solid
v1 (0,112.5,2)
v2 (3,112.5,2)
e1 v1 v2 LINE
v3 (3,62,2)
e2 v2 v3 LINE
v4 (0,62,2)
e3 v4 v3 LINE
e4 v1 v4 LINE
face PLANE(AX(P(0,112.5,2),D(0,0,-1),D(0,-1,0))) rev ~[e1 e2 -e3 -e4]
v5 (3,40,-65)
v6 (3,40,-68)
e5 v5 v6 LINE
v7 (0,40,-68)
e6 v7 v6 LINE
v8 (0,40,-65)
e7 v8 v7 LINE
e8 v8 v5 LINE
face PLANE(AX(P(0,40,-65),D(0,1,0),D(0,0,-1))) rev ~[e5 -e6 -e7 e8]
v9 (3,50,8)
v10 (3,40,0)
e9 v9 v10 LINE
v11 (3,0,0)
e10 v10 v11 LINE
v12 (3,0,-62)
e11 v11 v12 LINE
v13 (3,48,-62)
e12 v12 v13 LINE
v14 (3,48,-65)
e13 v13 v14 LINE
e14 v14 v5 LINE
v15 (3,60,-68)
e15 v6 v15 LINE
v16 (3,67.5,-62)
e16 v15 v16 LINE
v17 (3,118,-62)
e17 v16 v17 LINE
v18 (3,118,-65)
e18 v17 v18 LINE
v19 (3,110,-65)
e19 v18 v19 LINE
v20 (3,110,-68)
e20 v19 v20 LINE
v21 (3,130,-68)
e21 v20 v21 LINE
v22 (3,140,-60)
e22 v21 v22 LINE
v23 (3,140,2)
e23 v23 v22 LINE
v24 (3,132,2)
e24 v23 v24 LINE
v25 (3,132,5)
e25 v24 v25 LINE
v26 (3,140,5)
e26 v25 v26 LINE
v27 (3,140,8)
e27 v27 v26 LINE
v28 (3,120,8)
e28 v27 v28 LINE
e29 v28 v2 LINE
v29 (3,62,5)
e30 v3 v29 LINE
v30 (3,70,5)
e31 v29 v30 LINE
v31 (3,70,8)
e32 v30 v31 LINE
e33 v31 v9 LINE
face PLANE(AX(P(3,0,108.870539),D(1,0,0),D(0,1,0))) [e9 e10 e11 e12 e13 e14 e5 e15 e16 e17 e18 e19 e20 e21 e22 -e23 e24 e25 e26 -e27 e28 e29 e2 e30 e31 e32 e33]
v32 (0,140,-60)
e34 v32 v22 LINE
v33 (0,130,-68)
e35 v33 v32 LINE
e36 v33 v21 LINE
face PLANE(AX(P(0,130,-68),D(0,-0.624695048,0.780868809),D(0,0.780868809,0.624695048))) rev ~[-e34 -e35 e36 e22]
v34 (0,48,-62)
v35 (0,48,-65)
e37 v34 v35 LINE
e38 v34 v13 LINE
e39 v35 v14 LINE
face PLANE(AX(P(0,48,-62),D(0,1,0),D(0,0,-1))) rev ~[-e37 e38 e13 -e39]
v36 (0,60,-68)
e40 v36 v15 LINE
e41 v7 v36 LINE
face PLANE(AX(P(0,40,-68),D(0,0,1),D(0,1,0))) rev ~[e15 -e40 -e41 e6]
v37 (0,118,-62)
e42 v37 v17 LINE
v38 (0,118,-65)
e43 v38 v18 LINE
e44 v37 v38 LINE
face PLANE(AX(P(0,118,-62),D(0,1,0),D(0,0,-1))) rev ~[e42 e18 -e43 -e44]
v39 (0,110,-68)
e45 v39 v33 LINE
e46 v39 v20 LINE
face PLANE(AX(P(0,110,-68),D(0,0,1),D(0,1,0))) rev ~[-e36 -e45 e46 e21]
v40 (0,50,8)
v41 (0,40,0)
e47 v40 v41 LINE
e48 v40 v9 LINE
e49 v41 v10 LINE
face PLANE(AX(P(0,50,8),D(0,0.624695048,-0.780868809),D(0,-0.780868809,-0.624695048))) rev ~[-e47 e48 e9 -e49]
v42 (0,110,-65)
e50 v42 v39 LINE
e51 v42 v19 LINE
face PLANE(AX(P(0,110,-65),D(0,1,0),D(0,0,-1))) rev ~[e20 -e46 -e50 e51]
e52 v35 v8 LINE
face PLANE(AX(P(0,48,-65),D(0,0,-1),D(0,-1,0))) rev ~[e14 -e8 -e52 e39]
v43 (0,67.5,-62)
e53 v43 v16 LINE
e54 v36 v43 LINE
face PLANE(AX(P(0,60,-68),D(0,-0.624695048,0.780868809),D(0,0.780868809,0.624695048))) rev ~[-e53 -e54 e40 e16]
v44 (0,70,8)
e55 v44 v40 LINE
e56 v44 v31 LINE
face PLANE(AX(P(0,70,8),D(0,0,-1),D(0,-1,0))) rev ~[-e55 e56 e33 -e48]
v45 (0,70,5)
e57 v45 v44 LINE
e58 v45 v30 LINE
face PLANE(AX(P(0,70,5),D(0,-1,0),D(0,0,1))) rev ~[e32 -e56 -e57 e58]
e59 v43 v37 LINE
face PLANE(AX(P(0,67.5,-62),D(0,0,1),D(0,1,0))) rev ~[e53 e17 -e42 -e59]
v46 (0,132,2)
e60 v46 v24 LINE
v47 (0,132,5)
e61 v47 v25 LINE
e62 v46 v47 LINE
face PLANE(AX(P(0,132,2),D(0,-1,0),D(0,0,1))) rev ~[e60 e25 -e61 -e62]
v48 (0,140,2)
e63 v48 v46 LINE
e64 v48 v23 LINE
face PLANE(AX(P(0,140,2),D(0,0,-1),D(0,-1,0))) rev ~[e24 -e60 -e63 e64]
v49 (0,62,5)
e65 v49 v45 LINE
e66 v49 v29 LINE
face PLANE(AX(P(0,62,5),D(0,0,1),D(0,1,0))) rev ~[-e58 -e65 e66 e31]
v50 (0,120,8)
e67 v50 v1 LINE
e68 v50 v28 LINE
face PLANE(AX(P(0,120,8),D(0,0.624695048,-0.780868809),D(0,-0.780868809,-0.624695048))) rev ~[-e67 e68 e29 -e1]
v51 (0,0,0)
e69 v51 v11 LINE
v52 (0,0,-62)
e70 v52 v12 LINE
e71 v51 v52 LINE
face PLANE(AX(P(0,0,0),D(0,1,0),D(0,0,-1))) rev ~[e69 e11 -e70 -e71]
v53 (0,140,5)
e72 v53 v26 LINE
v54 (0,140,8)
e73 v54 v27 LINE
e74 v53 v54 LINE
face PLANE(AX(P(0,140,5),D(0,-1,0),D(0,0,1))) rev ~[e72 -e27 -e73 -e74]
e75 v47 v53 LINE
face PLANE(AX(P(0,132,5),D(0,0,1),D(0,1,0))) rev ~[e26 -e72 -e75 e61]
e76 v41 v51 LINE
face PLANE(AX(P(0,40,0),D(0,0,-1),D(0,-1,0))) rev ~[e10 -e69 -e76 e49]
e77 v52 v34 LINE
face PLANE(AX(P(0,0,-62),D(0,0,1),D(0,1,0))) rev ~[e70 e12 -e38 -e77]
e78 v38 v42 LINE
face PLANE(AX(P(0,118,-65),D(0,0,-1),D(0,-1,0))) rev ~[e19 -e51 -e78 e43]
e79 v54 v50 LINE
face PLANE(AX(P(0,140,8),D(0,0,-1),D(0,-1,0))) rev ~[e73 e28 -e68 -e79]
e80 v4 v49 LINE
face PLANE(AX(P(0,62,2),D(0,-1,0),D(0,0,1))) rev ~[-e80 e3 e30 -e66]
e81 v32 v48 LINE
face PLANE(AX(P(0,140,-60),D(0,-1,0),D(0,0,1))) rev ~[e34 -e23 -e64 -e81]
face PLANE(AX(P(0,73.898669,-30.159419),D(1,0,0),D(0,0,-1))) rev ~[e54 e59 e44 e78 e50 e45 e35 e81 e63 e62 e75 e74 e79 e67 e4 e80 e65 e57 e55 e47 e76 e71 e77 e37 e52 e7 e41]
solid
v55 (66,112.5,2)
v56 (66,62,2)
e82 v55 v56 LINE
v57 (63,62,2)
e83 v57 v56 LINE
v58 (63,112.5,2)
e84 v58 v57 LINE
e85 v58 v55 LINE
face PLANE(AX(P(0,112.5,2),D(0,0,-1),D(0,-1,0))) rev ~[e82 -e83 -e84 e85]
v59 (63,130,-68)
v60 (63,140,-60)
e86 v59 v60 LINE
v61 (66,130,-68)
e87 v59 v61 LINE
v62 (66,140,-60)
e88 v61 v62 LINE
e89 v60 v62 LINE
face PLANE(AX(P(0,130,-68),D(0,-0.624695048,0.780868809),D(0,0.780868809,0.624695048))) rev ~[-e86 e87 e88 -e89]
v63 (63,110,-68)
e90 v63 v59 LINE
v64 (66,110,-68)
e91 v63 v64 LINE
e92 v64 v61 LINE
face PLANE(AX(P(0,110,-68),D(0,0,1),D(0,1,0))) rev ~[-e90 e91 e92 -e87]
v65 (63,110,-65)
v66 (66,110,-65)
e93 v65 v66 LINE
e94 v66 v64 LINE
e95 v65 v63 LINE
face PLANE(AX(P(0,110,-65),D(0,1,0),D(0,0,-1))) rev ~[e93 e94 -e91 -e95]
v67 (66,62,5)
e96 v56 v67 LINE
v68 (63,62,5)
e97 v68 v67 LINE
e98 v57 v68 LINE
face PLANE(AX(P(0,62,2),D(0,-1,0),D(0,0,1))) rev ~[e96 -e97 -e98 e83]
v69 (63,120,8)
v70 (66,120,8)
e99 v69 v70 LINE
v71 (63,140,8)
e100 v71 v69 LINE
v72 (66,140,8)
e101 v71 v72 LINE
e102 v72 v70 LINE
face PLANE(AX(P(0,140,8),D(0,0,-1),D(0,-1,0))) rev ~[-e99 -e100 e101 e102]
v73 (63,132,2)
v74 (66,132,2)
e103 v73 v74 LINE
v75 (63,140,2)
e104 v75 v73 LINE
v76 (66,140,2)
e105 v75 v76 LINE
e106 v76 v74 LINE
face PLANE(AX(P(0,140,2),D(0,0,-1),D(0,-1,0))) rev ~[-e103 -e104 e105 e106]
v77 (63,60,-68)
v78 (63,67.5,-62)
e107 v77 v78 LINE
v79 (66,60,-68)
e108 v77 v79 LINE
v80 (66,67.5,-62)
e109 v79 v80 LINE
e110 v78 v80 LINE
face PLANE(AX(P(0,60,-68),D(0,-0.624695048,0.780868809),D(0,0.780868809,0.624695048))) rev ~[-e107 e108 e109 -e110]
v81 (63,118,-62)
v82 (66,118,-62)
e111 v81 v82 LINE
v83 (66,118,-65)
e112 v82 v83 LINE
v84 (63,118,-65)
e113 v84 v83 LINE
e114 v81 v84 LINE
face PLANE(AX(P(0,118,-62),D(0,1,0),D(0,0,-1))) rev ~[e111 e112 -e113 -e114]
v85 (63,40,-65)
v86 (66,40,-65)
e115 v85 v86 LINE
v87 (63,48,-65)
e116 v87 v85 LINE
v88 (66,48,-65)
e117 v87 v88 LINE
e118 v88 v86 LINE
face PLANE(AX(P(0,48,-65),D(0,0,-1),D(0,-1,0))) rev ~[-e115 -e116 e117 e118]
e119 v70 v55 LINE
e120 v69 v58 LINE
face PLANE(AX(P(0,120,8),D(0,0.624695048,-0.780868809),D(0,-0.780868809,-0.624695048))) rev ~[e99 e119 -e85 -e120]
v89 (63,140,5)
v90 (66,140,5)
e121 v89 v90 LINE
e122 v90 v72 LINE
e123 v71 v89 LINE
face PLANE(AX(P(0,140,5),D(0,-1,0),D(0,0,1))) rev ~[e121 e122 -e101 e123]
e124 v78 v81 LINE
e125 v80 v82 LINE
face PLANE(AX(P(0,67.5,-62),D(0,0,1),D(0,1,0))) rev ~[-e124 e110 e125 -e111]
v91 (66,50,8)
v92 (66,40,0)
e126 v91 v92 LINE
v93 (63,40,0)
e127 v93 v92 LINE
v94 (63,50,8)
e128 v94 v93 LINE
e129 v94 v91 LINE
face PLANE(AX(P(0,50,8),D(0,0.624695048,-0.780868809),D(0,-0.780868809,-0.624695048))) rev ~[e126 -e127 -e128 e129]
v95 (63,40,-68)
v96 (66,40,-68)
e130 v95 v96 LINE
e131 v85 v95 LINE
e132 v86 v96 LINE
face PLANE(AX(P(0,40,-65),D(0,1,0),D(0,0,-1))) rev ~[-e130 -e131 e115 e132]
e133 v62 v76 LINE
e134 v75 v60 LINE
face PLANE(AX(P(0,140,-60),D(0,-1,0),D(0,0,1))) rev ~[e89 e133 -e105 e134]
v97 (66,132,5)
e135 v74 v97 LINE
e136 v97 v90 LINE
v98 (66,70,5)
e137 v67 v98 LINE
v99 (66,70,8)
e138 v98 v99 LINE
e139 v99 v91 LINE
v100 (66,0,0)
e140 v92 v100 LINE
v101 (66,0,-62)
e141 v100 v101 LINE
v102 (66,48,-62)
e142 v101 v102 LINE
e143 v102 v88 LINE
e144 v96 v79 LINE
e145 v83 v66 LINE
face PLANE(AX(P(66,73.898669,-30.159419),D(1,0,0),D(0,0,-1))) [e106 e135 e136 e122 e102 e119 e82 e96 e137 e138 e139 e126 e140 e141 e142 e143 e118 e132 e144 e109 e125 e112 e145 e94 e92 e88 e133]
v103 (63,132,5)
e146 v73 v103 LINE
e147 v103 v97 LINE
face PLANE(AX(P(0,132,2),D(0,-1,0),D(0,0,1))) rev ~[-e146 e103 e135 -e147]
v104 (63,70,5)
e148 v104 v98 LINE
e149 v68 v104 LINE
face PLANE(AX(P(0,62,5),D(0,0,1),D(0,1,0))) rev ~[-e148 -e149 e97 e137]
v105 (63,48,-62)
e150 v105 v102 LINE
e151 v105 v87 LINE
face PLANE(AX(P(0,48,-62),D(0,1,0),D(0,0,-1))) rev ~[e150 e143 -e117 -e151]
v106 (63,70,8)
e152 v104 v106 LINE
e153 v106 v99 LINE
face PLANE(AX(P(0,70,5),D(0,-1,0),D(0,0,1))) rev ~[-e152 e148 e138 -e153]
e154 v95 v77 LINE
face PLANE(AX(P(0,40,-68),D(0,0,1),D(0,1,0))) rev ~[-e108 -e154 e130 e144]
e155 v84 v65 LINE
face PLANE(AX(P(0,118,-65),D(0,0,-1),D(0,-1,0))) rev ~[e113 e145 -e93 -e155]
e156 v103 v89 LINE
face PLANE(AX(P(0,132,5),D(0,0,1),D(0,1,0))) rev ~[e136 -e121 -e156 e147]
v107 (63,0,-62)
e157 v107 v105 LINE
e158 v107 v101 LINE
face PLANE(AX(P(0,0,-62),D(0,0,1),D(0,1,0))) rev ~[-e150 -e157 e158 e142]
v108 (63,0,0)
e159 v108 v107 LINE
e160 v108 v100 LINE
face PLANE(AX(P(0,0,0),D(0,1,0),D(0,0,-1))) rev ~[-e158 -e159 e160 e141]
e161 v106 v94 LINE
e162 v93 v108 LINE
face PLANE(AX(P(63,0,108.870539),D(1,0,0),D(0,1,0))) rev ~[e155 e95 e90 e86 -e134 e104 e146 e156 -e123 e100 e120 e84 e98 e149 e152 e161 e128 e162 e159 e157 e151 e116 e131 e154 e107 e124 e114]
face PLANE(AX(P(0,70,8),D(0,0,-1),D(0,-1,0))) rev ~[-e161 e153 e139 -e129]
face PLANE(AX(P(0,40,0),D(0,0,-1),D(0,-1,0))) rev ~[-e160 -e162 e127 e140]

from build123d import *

# Parameters (mm, degrees)
EXTRUDE_1_DEPTH          = 66
CUT_EXTRUDE_1_DEPTH      = 170.870538941
CUT_EXTRUDE_1_DEPTH_BACK = 170.870538941
SKETCH_3_W               = 60
SKETCH_3_H               = 140


with BuildPart() as part:
    # 草图2 → 凸台-拉伸1 (new body)
    with BuildSketch(Plane(origin=(0, 0, 0), x_dir=(0, 0, -1), z_dir=(1, 0, 0))):
        Polygon((0, 140), (-2, 140), (-2, 132), (-5, 132), (-5, 140), (-8, 140), (-8, 120), (-2, 112.5), (-2, 70), (-2, 62), (-5, 62), (-5, 70), (-8, 70), (-8, 50), (0, 40), (0, 0), (60, 0), (62, 0), (62, 40), (62, 48), (65, 48), (65, 40), (68, 40), (68, 60), (62, 67.5), (62, 110), (62, 118), (65, 118), (65, 110), (68, 110), (68, 130), (60, 140), align=None)
    extrude(amount=EXTRUDE_1_DEPTH)

    # 草图3 → 切除-拉伸1 (cut, two sides: drawn at the far end of the back side and taken through both)
    with BuildSketch(Plane(origin=(0, 0, -62), x_dir=(-1, 0, 0), z_dir=(0, 0, -1)).offset(-CUT_EXTRUDE_1_DEPTH_BACK)):
        with Locations((-33, 70)):
            Rectangle(SKETCH_3_W, SKETCH_3_H)
    extrude(amount=CUT_EXTRUDE_1_DEPTH + CUT_EXTRUDE_1_DEPTH_BACK, mode=Mode.SUBTRACT)


with BuildPart() as cut_extrude_1_piece_1:
    # of the separate pieces the step leaves, piece 1, a body of its own (cut_extrude_1_pieces)
    add(part.part.solids().sort_by_distance((63, 140, 2))[0])


with BuildPart() as cut_extrude_1_piece_2:
    # of the separate pieces the step leaves, piece 2, a body of its own (cut_extrude_1_pieces)
    add(part.part.solids().sort_by_distance((0, 140, 2))[0])


solid = Compound([cut_extrude_1_piece_1.part, cut_extrude_1_piece_2.part])
